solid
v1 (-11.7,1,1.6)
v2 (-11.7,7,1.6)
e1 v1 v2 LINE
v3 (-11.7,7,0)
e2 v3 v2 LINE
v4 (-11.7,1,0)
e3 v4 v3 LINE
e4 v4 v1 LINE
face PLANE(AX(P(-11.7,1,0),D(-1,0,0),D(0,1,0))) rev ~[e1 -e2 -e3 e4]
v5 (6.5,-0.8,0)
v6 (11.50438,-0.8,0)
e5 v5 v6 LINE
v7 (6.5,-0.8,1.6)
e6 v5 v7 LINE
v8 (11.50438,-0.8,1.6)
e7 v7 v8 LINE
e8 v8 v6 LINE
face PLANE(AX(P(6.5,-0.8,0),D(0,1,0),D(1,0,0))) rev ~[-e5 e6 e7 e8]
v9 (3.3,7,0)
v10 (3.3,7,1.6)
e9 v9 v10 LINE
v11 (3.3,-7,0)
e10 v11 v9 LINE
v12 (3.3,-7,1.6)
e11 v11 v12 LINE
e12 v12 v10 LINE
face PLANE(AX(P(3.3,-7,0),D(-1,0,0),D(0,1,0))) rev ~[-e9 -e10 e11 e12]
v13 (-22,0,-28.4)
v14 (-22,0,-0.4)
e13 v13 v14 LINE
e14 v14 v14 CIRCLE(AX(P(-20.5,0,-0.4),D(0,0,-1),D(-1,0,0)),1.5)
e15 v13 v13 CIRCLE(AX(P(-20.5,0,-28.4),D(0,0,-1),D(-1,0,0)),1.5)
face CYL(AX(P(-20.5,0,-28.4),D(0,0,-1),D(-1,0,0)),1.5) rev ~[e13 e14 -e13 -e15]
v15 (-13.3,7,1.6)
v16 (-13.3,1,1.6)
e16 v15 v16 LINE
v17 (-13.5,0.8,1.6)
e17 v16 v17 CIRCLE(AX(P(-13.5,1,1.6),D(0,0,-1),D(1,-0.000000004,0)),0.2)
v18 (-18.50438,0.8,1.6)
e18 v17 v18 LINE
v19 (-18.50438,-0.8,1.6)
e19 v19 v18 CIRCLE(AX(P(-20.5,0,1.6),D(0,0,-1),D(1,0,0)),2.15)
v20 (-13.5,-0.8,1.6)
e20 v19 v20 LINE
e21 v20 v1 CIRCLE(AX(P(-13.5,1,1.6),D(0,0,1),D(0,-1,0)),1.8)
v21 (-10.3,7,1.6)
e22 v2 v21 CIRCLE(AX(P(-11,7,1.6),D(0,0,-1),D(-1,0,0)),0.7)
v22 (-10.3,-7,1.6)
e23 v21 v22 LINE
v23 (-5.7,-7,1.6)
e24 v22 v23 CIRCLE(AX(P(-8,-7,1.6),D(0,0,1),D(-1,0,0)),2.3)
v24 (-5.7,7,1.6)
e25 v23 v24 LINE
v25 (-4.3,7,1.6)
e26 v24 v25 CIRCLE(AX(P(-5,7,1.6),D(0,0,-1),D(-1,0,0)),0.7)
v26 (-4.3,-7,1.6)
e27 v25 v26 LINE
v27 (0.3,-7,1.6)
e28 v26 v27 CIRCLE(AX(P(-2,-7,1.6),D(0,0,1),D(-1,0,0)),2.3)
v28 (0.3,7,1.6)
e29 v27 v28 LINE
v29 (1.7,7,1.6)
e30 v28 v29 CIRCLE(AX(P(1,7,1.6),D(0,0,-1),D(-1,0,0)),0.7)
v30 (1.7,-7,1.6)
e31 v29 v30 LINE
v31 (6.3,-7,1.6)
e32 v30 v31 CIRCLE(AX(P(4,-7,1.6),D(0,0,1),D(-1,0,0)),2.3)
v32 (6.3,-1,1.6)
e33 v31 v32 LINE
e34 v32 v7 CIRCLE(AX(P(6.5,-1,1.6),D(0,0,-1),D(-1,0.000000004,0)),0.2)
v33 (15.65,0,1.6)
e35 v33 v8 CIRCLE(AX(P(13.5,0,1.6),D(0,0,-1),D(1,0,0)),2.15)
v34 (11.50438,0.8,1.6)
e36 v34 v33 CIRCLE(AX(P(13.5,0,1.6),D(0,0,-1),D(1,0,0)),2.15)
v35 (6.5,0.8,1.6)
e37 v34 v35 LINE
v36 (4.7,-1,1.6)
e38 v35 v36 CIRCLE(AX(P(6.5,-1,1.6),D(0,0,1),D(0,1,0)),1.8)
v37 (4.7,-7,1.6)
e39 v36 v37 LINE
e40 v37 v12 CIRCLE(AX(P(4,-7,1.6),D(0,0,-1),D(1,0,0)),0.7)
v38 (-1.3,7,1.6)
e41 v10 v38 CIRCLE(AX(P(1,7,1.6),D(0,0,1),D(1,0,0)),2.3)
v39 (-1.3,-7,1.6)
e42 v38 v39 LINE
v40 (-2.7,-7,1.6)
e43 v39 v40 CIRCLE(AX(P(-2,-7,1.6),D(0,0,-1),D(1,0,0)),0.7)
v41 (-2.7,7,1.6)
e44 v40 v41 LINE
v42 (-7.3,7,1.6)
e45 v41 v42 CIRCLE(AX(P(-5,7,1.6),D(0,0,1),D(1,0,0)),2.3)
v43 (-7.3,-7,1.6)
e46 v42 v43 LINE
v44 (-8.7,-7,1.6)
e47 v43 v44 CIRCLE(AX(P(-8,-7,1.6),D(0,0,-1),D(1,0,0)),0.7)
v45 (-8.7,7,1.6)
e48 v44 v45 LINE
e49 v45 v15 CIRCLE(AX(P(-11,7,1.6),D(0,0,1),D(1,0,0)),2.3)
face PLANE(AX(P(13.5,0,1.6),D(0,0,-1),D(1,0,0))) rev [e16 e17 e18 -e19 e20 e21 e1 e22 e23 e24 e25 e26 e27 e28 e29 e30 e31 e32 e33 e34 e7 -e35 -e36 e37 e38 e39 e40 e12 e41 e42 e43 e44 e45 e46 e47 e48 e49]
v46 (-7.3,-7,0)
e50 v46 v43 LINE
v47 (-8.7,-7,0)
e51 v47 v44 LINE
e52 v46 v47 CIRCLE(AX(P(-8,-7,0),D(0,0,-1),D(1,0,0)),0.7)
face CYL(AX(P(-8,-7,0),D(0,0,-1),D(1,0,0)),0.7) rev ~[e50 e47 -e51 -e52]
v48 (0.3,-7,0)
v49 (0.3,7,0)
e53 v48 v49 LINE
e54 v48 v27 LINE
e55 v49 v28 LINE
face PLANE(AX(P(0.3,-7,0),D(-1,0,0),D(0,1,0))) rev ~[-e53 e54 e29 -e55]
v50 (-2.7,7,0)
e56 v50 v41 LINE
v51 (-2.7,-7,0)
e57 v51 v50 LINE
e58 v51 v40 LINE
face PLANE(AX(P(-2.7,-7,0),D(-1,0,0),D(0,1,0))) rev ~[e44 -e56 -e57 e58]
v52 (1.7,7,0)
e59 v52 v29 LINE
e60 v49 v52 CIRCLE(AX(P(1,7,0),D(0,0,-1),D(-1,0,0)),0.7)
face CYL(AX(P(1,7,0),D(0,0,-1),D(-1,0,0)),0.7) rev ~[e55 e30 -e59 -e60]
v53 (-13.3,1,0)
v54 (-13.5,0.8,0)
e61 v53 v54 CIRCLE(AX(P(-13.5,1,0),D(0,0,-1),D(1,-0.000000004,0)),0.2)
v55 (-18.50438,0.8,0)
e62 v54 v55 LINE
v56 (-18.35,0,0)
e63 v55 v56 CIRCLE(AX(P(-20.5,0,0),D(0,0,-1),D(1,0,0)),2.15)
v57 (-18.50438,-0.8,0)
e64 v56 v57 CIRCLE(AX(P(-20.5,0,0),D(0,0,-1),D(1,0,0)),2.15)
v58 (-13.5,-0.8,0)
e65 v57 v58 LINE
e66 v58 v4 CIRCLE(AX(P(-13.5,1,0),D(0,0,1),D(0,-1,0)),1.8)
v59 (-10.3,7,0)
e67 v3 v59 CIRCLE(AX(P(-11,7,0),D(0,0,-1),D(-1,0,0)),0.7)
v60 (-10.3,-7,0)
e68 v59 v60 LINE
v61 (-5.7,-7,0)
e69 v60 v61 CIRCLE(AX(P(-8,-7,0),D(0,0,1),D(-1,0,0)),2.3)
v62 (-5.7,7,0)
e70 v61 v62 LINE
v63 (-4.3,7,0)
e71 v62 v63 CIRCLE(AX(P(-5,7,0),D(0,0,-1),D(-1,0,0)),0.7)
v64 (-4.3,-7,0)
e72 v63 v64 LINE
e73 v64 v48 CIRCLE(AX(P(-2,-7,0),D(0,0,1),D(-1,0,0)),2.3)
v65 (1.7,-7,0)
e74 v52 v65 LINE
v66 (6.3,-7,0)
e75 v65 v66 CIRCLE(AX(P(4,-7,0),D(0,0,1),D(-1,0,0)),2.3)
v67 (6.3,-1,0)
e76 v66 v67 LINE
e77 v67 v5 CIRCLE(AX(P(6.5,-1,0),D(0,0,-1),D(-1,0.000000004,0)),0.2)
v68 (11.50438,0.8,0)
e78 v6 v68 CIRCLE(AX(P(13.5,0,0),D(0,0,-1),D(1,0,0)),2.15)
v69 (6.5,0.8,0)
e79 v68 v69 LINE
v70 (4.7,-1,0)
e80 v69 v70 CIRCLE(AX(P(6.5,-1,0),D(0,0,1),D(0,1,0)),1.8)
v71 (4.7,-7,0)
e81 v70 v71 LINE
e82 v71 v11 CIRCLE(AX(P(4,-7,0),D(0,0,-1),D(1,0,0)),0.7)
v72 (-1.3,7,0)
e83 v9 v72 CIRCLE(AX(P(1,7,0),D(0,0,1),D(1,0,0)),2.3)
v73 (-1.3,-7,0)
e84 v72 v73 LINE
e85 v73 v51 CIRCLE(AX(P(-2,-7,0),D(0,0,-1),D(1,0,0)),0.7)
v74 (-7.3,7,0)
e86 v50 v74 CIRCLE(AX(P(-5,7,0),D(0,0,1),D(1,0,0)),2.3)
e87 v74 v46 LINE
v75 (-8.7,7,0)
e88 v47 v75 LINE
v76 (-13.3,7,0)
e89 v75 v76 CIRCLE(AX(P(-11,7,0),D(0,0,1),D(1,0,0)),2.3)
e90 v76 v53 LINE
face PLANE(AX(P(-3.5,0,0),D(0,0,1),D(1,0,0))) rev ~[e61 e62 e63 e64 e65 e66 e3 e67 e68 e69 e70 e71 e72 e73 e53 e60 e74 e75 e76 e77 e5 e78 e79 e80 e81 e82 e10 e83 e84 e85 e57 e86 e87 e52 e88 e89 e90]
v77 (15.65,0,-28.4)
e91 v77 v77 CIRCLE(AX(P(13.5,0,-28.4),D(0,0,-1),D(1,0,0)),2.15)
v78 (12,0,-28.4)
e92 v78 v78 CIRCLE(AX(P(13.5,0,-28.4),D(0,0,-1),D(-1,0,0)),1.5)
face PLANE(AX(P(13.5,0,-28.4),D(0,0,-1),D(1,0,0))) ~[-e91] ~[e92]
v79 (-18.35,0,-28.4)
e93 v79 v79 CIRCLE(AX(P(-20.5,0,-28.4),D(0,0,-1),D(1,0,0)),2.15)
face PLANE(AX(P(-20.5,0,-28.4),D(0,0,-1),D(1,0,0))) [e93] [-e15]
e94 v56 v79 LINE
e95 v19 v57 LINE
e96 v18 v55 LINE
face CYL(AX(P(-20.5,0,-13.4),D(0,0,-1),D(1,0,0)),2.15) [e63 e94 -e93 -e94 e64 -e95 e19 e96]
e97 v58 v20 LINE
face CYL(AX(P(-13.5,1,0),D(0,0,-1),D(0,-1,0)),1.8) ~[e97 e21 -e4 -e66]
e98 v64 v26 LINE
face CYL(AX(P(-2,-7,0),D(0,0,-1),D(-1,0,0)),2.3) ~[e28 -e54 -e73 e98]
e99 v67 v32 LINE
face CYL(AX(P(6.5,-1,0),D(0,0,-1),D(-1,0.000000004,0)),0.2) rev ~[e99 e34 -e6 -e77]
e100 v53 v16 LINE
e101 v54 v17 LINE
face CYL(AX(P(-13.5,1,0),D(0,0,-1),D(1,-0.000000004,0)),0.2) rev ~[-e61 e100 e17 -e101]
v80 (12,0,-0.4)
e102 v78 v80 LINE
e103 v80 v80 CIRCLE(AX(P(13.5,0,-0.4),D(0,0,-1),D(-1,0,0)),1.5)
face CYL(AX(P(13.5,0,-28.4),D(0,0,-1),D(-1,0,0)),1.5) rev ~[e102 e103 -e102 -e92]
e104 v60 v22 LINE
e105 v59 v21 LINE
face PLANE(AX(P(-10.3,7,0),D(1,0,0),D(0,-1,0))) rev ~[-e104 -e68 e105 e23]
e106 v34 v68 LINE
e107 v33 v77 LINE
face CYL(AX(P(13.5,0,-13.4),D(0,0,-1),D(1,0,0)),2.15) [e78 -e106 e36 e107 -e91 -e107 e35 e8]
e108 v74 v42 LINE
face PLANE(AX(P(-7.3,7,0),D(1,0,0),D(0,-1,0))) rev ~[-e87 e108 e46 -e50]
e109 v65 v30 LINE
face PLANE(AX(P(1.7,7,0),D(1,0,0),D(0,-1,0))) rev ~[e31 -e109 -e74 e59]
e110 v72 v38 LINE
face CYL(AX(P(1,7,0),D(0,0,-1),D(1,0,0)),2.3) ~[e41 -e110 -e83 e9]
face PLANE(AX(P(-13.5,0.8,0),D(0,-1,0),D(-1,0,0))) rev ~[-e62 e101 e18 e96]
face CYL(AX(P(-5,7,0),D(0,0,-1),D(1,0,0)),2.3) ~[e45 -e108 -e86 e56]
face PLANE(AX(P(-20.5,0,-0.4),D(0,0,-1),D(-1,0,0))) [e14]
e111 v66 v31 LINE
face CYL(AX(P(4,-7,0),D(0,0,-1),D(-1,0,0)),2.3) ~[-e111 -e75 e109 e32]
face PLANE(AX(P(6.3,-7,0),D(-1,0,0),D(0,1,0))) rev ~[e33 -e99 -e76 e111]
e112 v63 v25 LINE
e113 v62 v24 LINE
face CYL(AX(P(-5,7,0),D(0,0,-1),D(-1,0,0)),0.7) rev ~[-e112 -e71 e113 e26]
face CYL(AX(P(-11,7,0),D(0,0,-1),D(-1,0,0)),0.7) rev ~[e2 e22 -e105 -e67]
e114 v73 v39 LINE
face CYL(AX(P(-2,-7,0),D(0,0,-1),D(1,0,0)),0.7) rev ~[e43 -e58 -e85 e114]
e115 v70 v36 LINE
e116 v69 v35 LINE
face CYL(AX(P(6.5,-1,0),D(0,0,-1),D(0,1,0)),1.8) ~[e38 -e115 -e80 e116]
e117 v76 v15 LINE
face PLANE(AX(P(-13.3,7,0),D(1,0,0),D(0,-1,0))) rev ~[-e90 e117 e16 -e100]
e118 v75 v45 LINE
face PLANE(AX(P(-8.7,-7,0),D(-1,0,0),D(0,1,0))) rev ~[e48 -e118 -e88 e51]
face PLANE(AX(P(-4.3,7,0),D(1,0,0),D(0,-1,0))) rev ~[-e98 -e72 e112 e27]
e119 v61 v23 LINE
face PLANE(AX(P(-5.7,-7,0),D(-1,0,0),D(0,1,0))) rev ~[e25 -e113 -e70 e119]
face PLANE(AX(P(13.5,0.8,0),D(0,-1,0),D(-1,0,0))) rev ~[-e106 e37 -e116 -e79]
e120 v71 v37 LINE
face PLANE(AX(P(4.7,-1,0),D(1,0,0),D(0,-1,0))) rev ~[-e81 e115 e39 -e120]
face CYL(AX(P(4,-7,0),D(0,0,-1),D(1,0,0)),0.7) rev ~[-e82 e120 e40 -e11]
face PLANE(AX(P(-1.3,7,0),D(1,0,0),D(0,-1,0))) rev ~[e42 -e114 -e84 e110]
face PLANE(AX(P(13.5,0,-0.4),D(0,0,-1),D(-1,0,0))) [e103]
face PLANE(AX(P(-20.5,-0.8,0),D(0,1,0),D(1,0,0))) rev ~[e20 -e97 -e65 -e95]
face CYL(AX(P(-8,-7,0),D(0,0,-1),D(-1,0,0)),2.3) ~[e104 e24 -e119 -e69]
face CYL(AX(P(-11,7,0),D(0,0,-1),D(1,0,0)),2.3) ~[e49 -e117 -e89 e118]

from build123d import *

# Parameters (mm, degrees)
BOSS_EXTRUDE1_DEPTH = 1.6
SKETCH3_W           = 2.15
SKETCH3_H           = 30
SKETCH4_W           = 2.15
SKETCH4_H           = 30
SKETCH5_R           = 1.5
CUT_EXTRUDE1_DEPTH  = 28


with BuildPart() as part:
    # Sketch2 → Boss-Extrude1 (new body)
    with BuildSketch(Plane.XY):
        with BuildLine():
            Line((-20.5, -0.8), (-13.5, -0.8))
            ThreePointArc((-13.5, -0.8), (-12.227207794, -0.272792206), (-11.7, 1))
            Line((-11.7, 1), (-11.7, 7))
            ThreePointArc((-11.7, 7), (-11, 7.7), (-10.3, 7))
            Line((-10.3, 7), (-10.3, 0))
            Line((-10.3, 0), (-10.3, -7))
            ThreePointArc((-10.3, -7), (-8, -9.3), (-5.7, -7))
            Line((-5.7, -7), (-5.7, 0))
            Line((-5.7, 0), (-5.7, 7))
            ThreePointArc((-5.7, 7), (-5, 7.7), (-4.3, 7))
            Line((-4.3, 7), (-4.3, 0))
            Line((-4.3, 0), (-4.3, -7))
            ThreePointArc((-4.3, -7), (-2, -9.3), (0.3, -7))
            Line((0.3, -7), (0.3, 0))
            Line((0.3, 0), (0.3, 7))
            ThreePointArc((0.3, 7), (1, 7.7), (1.7, 7))
            Line((1.7, 7), (1.7, 0))
            Line((1.7, 0), (1.7, -7))
            ThreePointArc((1.7, -7), (4, -9.3), (6.3, -7))
            Line((6.3, -7), (6.3, -1))
            ThreePointArc((6.3, -1), (6.358578644, -0.858578644), (6.5, -0.8))
            Line((6.5, -0.8), (13.5, -0.8))
            ThreePointArc((13.5, -0.8), (14.3, 0), (13.5, 0.8))
            Line((13.5, 0.8), (6.5, 0.8))
            ThreePointArc((6.5, 0.8), (5.227207794, 0.272792206), (4.7, -1))
            Line((4.7, -1), (4.7, -7))
            ThreePointArc((4.7, -7), (4, -7.7), (3.3, -7))
            Line((3.3, -7), (3.3, 0))
            Line((3.3, 0), (3.3, 7))
            ThreePointArc((3.3, 7), (1, 9.3), (-1.3, 7))
            Line((-1.3, 7), (-1.3, 0))
            Line((-1.3, 0), (-1.3, -7))
            ThreePointArc((-1.3, -7), (-2, -7.7), (-2.7, -7))
            Line((-2.7, -7), (-2.7, 0))
            Line((-2.7, 0), (-2.7, 7))
            ThreePointArc((-2.7, 7), (-5, 9.3), (-7.3, 7))
            Line((-7.3, 7), (-7.3, 0))
            Line((-7.3, 0), (-7.3, -7))
            ThreePointArc((-7.3, -7), (-8, -7.7), (-8.7, -7))
            Line((-8.7, -7), (-8.7, 0))
            Line((-8.7, 0), (-8.7, 7))
            ThreePointArc((-8.7, 7), (-11, 9.3), (-13.3, 7))
            Line((-13.3, 7), (-13.3, 1))
            ThreePointArc((-13.3, 1), (-13.358578644, 0.858578644), (-13.5, 0.8))
            Line((-13.5, 0.8), (-20.5, 0.8))
            ThreePointArc((-20.5, 0.8), (-21.3, 0), (-20.5, -0.8))
        make_face()
    extrude(amount=BOSS_EXTRUDE1_DEPTH)

    # Sketch3 → Revolve1 (revolve)
    with BuildSketch(Plane(origin=(0, 0, 0), x_dir=(1, 0, 0), z_dir=(0, 1, 0)), mode=Mode.PRIVATE) as revolve1_sk:
        with Locations((-21.575, 13.4)):
            Rectangle(SKETCH3_W, SKETCH3_H)
    revolve(revolve1_sk.sketch.rotate(Axis((-20.5, 0, 1.6), (0, 0, -1)), 180), axis=Axis((-20.5, 0, 1.6), (0, 0, -1)))

    # Sketch4 → Revolve2 (revolve)
    with BuildSketch(Plane(origin=(0, 0, 0), x_dir=(1, 0, 0), z_dir=(0, 1, 0))):
        with Locations((14.575, 13.4)):
            Rectangle(SKETCH4_W, SKETCH4_H)
    revolve(axis=Axis((13.5, 0, 1.6), (0, 0, -1)))

    # Sketch5 → Cut-Extrude1 (cut)
    with BuildSketch(Plane(origin=(0, 0, -28.4), x_dir=(-1, 0, 0), z_dir=(0, 0, -1))):
        with Locations((20.5, 0)):
            Circle(SKETCH5_R)
        with Locations((-13.5, 0)):
            Circle(SKETCH5_R)
    extrude(amount=-CUT_EXTRUDE1_DEPTH, mode=Mode.SUBTRACT)


solid = part.part
